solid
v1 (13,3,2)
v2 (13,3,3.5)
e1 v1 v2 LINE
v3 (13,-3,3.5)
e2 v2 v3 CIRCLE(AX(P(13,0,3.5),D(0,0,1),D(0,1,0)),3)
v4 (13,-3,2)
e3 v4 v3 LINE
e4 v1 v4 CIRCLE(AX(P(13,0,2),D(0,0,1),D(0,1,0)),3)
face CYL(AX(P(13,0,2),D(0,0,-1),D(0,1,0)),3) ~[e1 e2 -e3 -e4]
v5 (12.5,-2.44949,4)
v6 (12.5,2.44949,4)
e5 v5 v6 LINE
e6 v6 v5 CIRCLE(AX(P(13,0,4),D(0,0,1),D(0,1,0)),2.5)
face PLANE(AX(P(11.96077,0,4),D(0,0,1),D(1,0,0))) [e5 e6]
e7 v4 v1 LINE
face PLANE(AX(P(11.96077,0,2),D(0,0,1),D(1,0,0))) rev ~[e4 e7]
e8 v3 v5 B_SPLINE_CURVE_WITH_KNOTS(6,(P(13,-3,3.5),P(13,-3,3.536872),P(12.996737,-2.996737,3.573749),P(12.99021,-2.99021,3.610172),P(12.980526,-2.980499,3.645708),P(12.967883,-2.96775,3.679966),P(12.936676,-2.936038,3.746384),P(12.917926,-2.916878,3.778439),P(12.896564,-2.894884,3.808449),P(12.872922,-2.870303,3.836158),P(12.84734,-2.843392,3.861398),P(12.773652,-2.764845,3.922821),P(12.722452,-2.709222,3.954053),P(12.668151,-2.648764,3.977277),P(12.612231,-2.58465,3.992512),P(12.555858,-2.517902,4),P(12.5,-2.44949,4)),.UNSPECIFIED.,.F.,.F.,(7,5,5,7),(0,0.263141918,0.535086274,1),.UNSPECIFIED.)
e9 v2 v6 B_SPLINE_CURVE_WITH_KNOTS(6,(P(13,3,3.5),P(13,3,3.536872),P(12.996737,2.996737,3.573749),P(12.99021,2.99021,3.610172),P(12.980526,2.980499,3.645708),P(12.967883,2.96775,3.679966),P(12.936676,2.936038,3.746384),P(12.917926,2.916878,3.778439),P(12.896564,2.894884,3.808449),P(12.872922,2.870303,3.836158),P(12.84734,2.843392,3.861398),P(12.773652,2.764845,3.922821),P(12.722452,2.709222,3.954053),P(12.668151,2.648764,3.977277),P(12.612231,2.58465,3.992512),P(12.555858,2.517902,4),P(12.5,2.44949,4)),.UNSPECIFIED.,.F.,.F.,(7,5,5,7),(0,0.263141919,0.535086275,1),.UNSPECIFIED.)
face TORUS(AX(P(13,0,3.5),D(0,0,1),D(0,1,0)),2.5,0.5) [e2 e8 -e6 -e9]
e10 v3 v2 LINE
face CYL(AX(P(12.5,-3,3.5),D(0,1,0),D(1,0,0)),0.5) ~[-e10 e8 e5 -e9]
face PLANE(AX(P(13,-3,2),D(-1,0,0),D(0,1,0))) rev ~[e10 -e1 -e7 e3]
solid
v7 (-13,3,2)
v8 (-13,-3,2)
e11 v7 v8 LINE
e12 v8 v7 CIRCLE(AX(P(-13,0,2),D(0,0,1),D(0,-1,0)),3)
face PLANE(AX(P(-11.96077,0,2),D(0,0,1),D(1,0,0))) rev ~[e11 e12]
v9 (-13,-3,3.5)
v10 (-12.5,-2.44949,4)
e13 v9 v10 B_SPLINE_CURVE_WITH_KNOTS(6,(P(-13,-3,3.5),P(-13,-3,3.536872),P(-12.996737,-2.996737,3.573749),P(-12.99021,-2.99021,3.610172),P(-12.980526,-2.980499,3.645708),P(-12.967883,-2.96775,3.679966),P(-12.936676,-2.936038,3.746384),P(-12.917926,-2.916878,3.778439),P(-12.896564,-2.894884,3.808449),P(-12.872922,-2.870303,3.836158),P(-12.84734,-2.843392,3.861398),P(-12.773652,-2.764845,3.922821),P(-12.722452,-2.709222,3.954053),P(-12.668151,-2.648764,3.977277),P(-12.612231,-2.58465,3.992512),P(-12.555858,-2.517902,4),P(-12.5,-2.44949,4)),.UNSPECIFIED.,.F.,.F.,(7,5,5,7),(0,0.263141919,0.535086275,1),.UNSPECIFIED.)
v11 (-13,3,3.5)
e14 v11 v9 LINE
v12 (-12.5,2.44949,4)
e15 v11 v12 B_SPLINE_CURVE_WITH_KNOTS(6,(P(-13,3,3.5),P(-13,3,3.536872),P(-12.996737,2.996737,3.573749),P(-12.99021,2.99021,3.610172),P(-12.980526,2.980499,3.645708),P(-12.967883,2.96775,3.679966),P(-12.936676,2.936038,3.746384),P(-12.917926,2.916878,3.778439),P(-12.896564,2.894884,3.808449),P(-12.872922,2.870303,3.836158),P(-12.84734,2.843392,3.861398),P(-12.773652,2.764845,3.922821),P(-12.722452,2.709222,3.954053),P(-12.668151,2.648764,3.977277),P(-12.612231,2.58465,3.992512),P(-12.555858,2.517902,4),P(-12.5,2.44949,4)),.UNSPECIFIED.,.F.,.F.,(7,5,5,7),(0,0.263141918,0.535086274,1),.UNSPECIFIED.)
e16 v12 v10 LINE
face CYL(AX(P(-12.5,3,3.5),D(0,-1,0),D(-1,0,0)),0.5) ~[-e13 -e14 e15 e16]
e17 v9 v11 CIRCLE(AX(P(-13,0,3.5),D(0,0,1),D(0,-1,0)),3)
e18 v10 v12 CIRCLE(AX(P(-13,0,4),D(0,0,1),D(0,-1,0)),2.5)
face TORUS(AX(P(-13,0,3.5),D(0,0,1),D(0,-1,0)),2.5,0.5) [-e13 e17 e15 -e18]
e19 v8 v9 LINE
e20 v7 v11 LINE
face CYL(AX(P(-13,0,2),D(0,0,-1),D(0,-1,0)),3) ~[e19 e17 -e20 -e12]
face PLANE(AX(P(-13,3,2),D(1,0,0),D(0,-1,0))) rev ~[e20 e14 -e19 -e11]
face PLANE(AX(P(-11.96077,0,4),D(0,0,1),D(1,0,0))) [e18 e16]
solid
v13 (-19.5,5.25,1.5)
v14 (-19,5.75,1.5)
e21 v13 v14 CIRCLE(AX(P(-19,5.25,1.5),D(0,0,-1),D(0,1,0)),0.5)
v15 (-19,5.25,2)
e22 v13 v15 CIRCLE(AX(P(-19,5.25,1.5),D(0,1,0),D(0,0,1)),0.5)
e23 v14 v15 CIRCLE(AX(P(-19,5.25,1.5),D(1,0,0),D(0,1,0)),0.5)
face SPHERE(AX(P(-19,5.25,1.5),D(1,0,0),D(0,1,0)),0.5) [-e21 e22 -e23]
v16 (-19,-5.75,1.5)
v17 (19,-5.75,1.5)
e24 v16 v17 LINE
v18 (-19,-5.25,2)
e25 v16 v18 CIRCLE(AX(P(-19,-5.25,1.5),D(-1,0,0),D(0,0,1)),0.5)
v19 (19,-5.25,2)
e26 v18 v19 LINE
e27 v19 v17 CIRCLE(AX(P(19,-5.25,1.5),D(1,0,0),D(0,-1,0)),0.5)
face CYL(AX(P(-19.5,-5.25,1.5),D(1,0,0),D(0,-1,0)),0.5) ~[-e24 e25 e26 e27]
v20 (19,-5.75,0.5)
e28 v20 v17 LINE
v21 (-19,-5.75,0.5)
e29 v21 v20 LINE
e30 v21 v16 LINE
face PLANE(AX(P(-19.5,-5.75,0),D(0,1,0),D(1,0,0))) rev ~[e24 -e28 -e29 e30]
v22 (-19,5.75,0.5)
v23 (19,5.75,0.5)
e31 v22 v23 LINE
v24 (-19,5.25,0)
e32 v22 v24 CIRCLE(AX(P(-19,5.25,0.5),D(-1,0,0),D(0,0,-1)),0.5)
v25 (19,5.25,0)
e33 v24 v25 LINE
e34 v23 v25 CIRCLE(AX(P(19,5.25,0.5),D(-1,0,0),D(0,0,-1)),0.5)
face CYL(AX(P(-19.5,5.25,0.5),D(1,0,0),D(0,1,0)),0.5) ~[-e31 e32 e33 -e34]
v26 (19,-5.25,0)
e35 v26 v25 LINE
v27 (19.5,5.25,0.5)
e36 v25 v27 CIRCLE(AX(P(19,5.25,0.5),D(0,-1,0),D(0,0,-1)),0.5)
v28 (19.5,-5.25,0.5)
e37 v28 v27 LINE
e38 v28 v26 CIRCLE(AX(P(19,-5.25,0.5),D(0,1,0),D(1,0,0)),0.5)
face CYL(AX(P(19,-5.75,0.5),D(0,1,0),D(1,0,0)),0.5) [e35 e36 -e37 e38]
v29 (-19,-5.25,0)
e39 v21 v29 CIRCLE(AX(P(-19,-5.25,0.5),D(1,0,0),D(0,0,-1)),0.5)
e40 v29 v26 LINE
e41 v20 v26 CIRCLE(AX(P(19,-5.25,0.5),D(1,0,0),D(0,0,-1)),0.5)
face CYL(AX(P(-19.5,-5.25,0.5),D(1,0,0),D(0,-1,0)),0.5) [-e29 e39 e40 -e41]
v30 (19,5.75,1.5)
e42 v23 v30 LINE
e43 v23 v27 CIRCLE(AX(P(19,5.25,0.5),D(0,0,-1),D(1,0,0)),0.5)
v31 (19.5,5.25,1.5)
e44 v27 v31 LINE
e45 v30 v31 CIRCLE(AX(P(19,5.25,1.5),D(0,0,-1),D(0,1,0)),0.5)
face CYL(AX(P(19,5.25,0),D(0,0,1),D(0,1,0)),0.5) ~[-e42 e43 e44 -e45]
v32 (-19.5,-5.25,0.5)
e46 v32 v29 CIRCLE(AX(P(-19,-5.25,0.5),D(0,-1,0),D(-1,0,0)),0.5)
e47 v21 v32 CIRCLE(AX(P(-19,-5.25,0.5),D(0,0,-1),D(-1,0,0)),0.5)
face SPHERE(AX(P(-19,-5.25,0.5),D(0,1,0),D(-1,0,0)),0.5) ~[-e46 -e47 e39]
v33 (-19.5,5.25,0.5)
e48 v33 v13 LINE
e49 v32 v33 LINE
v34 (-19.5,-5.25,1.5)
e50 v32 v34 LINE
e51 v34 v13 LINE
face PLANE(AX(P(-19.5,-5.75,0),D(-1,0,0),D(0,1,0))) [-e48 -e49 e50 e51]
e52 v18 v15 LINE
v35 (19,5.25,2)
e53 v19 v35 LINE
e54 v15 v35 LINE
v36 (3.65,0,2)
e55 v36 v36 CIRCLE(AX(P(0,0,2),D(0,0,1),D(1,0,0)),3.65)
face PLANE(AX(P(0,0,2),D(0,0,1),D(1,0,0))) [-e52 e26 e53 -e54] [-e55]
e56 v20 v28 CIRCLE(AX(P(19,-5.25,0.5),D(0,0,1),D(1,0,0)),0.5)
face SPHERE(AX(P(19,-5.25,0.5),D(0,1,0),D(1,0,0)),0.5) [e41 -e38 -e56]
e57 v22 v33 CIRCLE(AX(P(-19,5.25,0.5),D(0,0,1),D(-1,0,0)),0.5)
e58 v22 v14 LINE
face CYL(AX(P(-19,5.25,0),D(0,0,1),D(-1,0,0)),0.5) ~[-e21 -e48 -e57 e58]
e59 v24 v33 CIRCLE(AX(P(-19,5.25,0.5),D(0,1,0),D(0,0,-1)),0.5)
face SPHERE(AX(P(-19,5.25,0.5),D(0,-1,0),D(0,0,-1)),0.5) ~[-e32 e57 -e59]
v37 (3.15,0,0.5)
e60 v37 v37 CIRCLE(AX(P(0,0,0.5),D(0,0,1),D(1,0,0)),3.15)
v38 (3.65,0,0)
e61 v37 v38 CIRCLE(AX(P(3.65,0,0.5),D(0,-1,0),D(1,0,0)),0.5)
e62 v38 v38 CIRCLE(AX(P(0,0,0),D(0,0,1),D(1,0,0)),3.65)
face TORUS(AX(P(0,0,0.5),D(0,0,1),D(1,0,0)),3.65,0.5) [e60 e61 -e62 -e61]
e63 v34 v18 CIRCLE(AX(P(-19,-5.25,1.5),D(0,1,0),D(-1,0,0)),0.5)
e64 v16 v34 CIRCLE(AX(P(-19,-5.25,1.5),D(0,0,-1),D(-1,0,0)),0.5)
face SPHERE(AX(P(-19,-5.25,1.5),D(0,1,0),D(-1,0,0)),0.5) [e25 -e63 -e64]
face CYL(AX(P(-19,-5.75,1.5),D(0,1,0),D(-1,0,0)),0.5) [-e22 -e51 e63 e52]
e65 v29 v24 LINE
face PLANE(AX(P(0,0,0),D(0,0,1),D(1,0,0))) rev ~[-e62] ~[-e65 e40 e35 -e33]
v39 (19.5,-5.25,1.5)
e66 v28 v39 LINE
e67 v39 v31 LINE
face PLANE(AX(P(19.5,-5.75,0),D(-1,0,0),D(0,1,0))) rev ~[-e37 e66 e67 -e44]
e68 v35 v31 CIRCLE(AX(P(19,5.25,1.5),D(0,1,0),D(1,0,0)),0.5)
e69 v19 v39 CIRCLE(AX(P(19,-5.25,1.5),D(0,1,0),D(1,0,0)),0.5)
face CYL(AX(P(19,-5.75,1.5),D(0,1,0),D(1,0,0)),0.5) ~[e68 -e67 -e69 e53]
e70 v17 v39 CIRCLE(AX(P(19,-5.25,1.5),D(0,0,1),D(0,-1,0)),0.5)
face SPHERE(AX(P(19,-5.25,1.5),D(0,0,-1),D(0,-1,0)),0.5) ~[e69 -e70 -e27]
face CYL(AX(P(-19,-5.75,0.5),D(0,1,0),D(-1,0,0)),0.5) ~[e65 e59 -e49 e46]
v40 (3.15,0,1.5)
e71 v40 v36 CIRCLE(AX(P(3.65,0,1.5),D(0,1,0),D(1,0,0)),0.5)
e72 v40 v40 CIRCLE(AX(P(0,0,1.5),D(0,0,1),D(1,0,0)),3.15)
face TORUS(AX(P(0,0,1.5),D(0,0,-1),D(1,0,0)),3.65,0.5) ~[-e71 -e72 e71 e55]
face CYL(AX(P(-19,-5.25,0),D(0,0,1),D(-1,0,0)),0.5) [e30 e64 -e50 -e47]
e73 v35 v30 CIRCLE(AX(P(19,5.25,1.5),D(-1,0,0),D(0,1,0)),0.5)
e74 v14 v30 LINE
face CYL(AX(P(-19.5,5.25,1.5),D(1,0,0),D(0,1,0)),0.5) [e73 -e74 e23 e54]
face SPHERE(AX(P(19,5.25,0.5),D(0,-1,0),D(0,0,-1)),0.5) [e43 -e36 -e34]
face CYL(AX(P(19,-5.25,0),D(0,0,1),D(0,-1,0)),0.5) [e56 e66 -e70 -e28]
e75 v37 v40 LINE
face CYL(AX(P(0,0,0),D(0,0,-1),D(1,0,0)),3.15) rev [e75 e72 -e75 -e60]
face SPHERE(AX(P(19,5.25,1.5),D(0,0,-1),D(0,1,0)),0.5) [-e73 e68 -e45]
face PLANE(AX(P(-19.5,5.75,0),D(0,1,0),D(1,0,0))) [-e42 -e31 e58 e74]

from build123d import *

# Parameters (mm, degrees)
F0_W     = 39
F0_H     = 11.5
F0_R     = 3.15
F1_DEPTH = 2
F3_DEPTH = 2
F4_R     = 0.5
F4_2_R   = 0.5


with BuildPart() as f1:
    # F0 (on Top) → F1 (new body)
    with BuildSketch(Plane.XY):
        Rectangle(F0_W, F0_H)
        Circle(F0_R, mode=Mode.SUBTRACT)
    extrude(amount=F1_DEPTH)

    # F4
    f4_edges = [f1.edges().sort_by_distance(p)[0] for p in [
        (-3.15, 0, 2),
        (-19.5, 0, 0),
        (19.5, 0, 0),
        (0, 5.75, 0),
        (19.5, 5.75, 1),
        (19.5, -5.75, 1),
        (0, 5.75, 2),
        (-19.5, 5.75, 1),
        (-19.5, 0, 2),
        (-19.5, -5.75, 1),
        (0, -5.75, 2),
        (19.5, 0, 2),
        (0, -5.75, 0),
        (-3.15, 0, 0),
    ]]
    fillet(f4_edges, radius=F4_R)


with BuildPart() as f3:
    # F2 (on face) → F3 (new body)
    with BuildSketch(Plane.XY.offset(2)):
        with BuildLine():
            Line((-13, 3), (-13, -3))
            ThreePointArc((-13, -3), (-10, 0), (-13, 3))
        make_face()
        with BuildLine():
            ThreePointArc((13, 3), (10, 0), (13, -3))
            Line((13, -3), (13, 3))
        make_face()
    extrude(amount=F3_DEPTH)

    # F4#2
    f4_2_edges = [f3.edges().sort_by_distance(p)[0] for p in [
        (10, 0, 4),
        (-10, 0, 4),
        (-13, 0, 4),
        (13, 0, 4),
    ]]
    fillet(f4_2_edges, radius=F4_2_R)


solid = Compound([f1.part, f3.part])
